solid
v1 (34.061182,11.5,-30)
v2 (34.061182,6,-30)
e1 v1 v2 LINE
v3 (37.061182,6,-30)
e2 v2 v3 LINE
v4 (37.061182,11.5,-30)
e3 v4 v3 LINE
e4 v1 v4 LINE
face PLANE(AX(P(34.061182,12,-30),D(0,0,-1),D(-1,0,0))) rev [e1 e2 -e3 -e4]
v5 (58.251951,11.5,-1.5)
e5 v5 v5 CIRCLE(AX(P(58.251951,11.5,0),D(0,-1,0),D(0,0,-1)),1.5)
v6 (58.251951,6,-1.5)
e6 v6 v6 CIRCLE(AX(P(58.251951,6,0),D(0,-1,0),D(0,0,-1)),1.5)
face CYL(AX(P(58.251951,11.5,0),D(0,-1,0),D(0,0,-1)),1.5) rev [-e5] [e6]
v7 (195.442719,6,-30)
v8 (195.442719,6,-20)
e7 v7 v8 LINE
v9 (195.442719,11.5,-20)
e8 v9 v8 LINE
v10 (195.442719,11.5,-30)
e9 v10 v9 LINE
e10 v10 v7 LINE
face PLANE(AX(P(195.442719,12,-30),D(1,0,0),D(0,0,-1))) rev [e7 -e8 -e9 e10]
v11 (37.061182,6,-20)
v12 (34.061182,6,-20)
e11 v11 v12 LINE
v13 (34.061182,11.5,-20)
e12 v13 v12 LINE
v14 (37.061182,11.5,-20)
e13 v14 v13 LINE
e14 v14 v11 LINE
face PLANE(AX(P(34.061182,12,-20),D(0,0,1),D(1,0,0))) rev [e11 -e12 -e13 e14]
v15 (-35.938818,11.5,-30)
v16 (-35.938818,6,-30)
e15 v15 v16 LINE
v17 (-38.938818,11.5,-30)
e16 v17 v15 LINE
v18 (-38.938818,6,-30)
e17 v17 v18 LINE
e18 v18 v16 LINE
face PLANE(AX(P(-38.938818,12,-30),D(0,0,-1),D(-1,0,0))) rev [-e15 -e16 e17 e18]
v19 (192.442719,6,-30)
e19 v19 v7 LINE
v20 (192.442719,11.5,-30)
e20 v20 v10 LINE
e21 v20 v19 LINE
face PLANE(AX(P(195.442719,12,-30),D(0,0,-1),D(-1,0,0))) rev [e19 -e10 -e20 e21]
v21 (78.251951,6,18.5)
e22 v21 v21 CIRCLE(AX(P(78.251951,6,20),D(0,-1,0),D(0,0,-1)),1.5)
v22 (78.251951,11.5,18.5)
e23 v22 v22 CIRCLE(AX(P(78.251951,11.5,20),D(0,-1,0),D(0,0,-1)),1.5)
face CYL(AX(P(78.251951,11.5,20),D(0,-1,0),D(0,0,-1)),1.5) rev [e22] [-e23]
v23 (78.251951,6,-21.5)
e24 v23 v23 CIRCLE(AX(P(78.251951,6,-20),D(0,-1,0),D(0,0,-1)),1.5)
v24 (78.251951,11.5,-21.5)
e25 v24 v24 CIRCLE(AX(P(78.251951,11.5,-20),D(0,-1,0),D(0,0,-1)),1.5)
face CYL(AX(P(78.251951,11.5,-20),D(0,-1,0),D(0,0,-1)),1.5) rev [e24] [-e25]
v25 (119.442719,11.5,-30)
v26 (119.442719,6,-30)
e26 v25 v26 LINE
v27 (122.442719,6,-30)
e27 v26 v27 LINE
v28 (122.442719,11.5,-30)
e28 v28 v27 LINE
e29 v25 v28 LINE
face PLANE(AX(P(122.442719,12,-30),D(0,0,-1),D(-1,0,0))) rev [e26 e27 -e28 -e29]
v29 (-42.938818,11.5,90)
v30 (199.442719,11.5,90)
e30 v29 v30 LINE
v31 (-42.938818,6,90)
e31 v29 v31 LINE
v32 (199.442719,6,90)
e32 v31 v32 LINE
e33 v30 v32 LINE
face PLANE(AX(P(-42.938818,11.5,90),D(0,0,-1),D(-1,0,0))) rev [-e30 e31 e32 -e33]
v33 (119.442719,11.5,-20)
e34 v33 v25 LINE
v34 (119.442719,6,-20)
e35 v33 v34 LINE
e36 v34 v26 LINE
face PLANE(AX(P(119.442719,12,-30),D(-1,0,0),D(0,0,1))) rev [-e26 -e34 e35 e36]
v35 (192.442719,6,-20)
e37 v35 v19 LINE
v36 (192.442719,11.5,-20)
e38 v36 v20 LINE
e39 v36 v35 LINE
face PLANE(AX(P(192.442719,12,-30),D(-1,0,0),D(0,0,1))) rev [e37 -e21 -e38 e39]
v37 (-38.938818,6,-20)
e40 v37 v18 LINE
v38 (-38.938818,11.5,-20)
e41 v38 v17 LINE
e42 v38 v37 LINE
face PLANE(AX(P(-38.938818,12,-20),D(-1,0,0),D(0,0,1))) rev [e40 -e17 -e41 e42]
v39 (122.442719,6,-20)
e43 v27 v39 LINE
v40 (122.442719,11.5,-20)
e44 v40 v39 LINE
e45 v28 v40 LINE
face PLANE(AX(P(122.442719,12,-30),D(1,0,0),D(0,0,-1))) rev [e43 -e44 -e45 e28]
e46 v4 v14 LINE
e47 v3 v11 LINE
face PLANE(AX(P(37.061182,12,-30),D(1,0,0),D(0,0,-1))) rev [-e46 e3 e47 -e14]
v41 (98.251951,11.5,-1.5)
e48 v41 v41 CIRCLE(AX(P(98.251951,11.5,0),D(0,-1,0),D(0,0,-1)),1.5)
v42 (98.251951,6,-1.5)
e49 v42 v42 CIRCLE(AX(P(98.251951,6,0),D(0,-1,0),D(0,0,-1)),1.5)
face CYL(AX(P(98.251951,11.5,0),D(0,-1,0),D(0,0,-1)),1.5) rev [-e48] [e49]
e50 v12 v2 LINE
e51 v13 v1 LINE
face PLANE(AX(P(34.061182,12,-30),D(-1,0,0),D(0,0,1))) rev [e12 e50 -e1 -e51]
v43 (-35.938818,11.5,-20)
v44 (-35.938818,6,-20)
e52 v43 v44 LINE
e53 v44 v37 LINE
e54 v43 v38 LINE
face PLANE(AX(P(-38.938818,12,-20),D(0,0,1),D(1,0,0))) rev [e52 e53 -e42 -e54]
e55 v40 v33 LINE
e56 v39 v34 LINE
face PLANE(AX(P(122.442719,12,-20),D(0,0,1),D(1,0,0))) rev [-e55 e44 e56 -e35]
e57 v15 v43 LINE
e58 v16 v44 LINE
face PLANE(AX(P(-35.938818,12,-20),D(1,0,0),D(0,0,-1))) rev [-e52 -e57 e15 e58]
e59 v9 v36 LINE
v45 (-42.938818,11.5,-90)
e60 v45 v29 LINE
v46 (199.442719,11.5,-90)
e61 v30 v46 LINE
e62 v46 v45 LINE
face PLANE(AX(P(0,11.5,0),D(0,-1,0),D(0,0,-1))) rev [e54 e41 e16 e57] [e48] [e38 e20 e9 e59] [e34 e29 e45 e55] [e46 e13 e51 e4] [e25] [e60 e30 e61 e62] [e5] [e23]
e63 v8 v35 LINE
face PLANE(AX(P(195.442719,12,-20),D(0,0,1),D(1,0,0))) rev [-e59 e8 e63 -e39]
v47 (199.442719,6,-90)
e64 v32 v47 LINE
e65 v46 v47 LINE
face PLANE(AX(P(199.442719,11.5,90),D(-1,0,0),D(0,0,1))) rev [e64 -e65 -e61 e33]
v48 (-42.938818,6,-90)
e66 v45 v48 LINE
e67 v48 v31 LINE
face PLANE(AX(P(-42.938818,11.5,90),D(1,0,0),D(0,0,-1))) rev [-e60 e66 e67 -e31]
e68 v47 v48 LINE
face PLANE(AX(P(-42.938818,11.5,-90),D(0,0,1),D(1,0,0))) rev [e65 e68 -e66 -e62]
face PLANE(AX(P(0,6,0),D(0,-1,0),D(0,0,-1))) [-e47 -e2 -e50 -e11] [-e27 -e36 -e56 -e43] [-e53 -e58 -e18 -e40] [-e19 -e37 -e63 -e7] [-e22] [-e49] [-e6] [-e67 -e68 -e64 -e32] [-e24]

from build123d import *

# Parameters (mm, degrees)
CROQUIS1_W              = 140
CROQUIS1_H              = 110
CROQUIS1_R              = 1.75
CROQUIS1_R_2            = 1.7
SALIENTE_EXTRUIR1_DEPTH = 6
REDONDEO1_R             = 8
REDONDEO2_R             = 8
CROQUIS2_W              = 42.672269
CROQUIS2_H              = 112.197382
CORTAR_EXTRUIR1_DEPTH   = 10
CROQUIS3_W              = 36.240418
CROQUIS3_H              = 110
SALIENTE_EXTRUIR2_DEPTH = 6
CROQUIS4_W              = 130
CROQUIS4_H              = 44.342948
CROQUIS4_H_2            = 44.315965
SALIENTE_EXTRUIR3_DEPTH = 6
REDONDEO3_R             = 10
REDONDEO4_R             = 10
CORTAR_EXTRUIR2_START   = -10
CORTAR_EXTRUIR2_DEPTH   = 10
SALIENTE_EXTRUIR4_START = -6
SALIENTE_EXTRUIR4_DEPTH = 6
CROQUIS7_W              = 242.381537
CROQUIS7_H              = 180
SALIENTE_EXTRUIR5_DEPTH = 5.5
CROQUIS8_R              = 1.5
CORTAR_EXTRUIR3_DEPTH   = 5.5
CROQUIS9_W              = 227.16044
CROQUIS9_H              = 250.882891
CORTAR_EXTRUIR5_DEPTH   = 6
CROQUIS10_W             = 3
CROQUIS10_H             = 10
CORTAR_EXTRUIR6_DEPTH   = 6


with BuildPart() as part:
    # Croquis1 → Saliente-Extruir1 (new body)
    with BuildSketch(Plane(origin=(0, 0, 0), x_dir=(1, 0, 0), z_dir=(0, 1, 0))):
        Rectangle(CROQUIS1_W, CROQUIS1_H)
        with Locations(Location((0, 20, 0), (0, 0, 270))):
            Circle(CROQUIS1_R, mode=Mode.SUBTRACT)
        with Locations(Location((20, 0, 0), (0, 0, 270))):
            Circle(CROQUIS1_R_2, mode=Mode.SUBTRACT)
        with Locations(Location((-20, 0, 0), (0, 0, 270))):
            Circle(CROQUIS1_R_2, mode=Mode.SUBTRACT)
        with Locations(Location((0, -20, 0), (0, 0, 270))):
            Circle(CROQUIS1_R_2, mode=Mode.SUBTRACT)
    extrude(amount=SALIENTE_EXTRUIR1_DEPTH)

    # Redondeo1
    redondeo1_edges = [part.edges().sort_by_distance(p)[0] for p in [
        (70, 3, 55),
        (-70, 3, 55),
        (-70, 3, -55),
    ]]
    fillet(redondeo1_edges, radius=REDONDEO1_R)

    # Redondeo2
    redondeo2_edges = [part.edges().sort_by_distance(p)[0] for p in [
        (70, 3, -55),
    ]]
    fillet(redondeo2_edges, radius=REDONDEO2_R)

    # Croquis2 → Cortar-Extruir1 (cut)
    with BuildSketch(Plane(origin=(0, 6, 0), x_dir=(1, 0, 0), z_dir=(0, 1, 0))):
        with Locations((-64.336135, -1.098691)):
            Rectangle(CROQUIS2_W, CROQUIS2_H)
    extrude(amount=-CORTAR_EXTRUIR1_DEPTH, mode=Mode.SUBTRACT)

    # Croquis3 → Saliente-Extruir2 (add)
    with BuildSketch(Plane(origin=(0, 6, 0), x_dir=(1, 0, 0), z_dir=(0, 1, 0))):
        with Locations((68.879791, 0)):
            Rectangle(CROQUIS3_W, CROQUIS3_H)
    extrude(amount=-SALIENTE_EXTRUIR2_DEPTH)

    # Croquis4 → Saliente-Extruir3 (add)
    with BuildSketch(Plane(origin=(0, 6, 0), x_dir=(1, 0, 0), z_dir=(0, 1, 0))):
        with Locations((22, -64.828526)):
            Rectangle(CROQUIS4_W, CROQUIS4_H)
        with Locations((22, 64.842017)):
            Rectangle(CROQUIS4_W, CROQUIS4_H_2)
    extrude(amount=-SALIENTE_EXTRUIR3_DEPTH)

    # Redondeo3
    redondeo3_edges = [part.edges().sort_by_distance(p)[0] for p in [
        (-43, 3, 87),
        (87, 3, 87),
        (87, 3, -87),
    ]]
    fillet(redondeo3_edges, radius=REDONDEO3_R)

    # Redondeo4
    redondeo4_edges = [part.edges().sort_by_distance(p)[0] for p in [
        (-43, 3, -87),
    ]]
    fillet(redondeo4_edges, radius=REDONDEO4_R)

    # Croquis5 → Cortar-Extruir2 (cut)
    with BuildSketch(Plane(origin=(0, 6, 0), x_dir=(1, 0, 0), z_dir=(0, 1, 0)).offset(CORTAR_EXTRUIR2_START)):
        with BuildLine():
            Line((77, 87), (23.043437, 87))
            ThreePointArc((23.043437, 87), (63.63961, 63.63961), (87, 23.043437))
            Line((87, 23.043437), (87, 77))
            ThreePointArc((87, 77), (84.071068, 84.071068), (77, 87))
        make_face()
        with BuildLine():
            ThreePointArc((87, -23.043437), (63.63961, -63.63961), (23.043437, -87))
            Line((23.043437, -87), (77, -87))
            ThreePointArc((77, -87), (84.071068, -84.071068), (87, -77))
            Line((87, -77), (87, -23.043437))
        make_face()
        with BuildLine():
            ThreePointArc((-33, 87), (-39.24681, 84.8088), (-42.756019, 79.195473))
            ThreePointArc((-42.756019, 79.195473), (-33.130345, 83.680226), (-23.043437, 87))
            Line((-23.043437, 87), (-33, 87))
        make_face()
        with BuildLine():
            ThreePointArc((-23.043437, -87), (-33.130345, -83.680226), (-42.756019, -79.195473))
            ThreePointArc((-42.756019, -79.195473), (-39.24681, -84.8088), (-33, -87))
            Line((-33, -87), (-23.043437, -87))
        make_face()
    extrude(amount=CORTAR_EXTRUIR2_DEPTH, mode=Mode.SUBTRACT)

    # Croquis6 → Saliente-Extruir4 (add)
    with BuildSketch(Plane(origin=(0, 6, 0), x_dir=(1, 0, 0), z_dir=(0, 1, 0)).offset(SALIENTE_EXTRUIR4_START)):
        with BuildLine():
            Line((-39.173001, 81.027625), (47.945535, 76.165777))
            ThreePointArc((47.945535, 76.165777), (35.905482, 82.527549), (23.043437, 87))
            Line((23.043437, 87), (-23.043437, 87))
            ThreePointArc((-23.043437, 87), (-31.251218, 84.400008), (-39.173001, 81.027625))
        make_face()
        with BuildLine():
            Line((-23.043437, 87), (23.043437, 87))
            ThreePointArc((23.043437, 87), (0, 90), (-23.043437, 87))
        make_face()
        with BuildLine():
            Line((87, 23.043437), (87, -23.043437))
            ThreePointArc((87, -23.043437), (89.246849, -11.61895), (90, 0))
            ThreePointArc((90, 0), (89.246849, 11.61895), (87, 23.043437))
        make_face()
        with BuildLine():
            Line((72.080644, 53.892308), (75.372333, -49.183446))
            ThreePointArc((75.372333, -49.183446), (82.231494, -36.578427), (87, -23.043437))
            Line((87, -23.043437), (87, 23.043437))
            ThreePointArc((87, 23.043437), (81.022071, 39.184487), (72.080644, 53.892308))
        make_face()
        with BuildLine():
            ThreePointArc((23.043437, -87), (35.905482, -82.527549), (47.945535, -76.165777))
            Line((47.945535, -76.165777), (-35.565619, -82.674583))
            ThreePointArc((-35.565619, -82.674583), (-29.384225, -85.068016), (-23.043437, -87))
            Line((-23.043437, -87), (23.043437, -87))
        make_face()
        with BuildLine():
            ThreePointArc((-23.043437, -87), (0, -90), (23.043437, -87))
            Line((23.043437, -87), (-23.043437, -87))
        make_face()
    extrude(amount=SALIENTE_EXTRUIR4_DEPTH)

    # Croquis7 → Saliente-Extruir5 (add)
    with BuildSketch(Plane(origin=(0, 6, 0), x_dir=(1, 0, 0), z_dir=(0, 1, 0))):
        with Locations((78.25195, 0)):
            Rectangle(CROQUIS7_W, CROQUIS7_H)
    extrude(amount=SALIENTE_EXTRUIR5_DEPTH)

    # Croquis8 → Cortar-Extruir3 (cut)
    with BuildSketch(Plane(origin=(0, 6, 0), x_dir=(-1, 0, 0), z_dir=(0, -1, 0))):
        with Locations(Location((-98.251951, 0, 0), (0, 0, 90))):
            Circle(CROQUIS8_R)
        with Locations(Location((-78.251951, 20, 0), (0, 0, 90))):
            Circle(CROQUIS8_R)
        with Locations(Location((-58.251951, 0, 0), (0, 0, 90))):
            Circle(CROQUIS8_R)
        with Locations(Location((-78.251951, -20, 0), (0, 0, 90))):
            Circle(CROQUIS8_R)
    extrude(amount=-CORTAR_EXTRUIR3_DEPTH, mode=Mode.SUBTRACT)

    # Croquis9 → Cortar-Extruir5 (cut)
    with BuildSketch(Plane(origin=(0, 0, 0), x_dir=(-1, 0, 0), z_dir=(0, -1, 0))):
        with Locations((-10.648317, 7.188622)):
            Rectangle(CROQUIS9_W, CROQUIS9_H)
    extrude(amount=-CORTAR_EXTRUIR5_DEPTH, mode=Mode.SUBTRACT)

    # Croquis10 → Cortar-Extruir6 (cut)
    with BuildSketch(Plane(origin=(0, 6, 0), x_dir=(-1, 0, 0), z_dir=(0, -1, 0))):
        with Locations((37.438818, 25)):
            Rectangle(CROQUIS10_W, CROQUIS10_H)
        with Locations((-193.942719, 25)):
            Rectangle(CROQUIS10_W, CROQUIS10_H)
        with Locations((-35.561182, 25)):
            Rectangle(CROQUIS10_W, CROQUIS10_H)
        with Locations((-120.942719, 25)):
            Rectangle(CROQUIS10_W, CROQUIS10_H)
    extrude(amount=-CORTAR_EXTRUIR6_DEPTH, mode=Mode.SUBTRACT)


solid = part.part
